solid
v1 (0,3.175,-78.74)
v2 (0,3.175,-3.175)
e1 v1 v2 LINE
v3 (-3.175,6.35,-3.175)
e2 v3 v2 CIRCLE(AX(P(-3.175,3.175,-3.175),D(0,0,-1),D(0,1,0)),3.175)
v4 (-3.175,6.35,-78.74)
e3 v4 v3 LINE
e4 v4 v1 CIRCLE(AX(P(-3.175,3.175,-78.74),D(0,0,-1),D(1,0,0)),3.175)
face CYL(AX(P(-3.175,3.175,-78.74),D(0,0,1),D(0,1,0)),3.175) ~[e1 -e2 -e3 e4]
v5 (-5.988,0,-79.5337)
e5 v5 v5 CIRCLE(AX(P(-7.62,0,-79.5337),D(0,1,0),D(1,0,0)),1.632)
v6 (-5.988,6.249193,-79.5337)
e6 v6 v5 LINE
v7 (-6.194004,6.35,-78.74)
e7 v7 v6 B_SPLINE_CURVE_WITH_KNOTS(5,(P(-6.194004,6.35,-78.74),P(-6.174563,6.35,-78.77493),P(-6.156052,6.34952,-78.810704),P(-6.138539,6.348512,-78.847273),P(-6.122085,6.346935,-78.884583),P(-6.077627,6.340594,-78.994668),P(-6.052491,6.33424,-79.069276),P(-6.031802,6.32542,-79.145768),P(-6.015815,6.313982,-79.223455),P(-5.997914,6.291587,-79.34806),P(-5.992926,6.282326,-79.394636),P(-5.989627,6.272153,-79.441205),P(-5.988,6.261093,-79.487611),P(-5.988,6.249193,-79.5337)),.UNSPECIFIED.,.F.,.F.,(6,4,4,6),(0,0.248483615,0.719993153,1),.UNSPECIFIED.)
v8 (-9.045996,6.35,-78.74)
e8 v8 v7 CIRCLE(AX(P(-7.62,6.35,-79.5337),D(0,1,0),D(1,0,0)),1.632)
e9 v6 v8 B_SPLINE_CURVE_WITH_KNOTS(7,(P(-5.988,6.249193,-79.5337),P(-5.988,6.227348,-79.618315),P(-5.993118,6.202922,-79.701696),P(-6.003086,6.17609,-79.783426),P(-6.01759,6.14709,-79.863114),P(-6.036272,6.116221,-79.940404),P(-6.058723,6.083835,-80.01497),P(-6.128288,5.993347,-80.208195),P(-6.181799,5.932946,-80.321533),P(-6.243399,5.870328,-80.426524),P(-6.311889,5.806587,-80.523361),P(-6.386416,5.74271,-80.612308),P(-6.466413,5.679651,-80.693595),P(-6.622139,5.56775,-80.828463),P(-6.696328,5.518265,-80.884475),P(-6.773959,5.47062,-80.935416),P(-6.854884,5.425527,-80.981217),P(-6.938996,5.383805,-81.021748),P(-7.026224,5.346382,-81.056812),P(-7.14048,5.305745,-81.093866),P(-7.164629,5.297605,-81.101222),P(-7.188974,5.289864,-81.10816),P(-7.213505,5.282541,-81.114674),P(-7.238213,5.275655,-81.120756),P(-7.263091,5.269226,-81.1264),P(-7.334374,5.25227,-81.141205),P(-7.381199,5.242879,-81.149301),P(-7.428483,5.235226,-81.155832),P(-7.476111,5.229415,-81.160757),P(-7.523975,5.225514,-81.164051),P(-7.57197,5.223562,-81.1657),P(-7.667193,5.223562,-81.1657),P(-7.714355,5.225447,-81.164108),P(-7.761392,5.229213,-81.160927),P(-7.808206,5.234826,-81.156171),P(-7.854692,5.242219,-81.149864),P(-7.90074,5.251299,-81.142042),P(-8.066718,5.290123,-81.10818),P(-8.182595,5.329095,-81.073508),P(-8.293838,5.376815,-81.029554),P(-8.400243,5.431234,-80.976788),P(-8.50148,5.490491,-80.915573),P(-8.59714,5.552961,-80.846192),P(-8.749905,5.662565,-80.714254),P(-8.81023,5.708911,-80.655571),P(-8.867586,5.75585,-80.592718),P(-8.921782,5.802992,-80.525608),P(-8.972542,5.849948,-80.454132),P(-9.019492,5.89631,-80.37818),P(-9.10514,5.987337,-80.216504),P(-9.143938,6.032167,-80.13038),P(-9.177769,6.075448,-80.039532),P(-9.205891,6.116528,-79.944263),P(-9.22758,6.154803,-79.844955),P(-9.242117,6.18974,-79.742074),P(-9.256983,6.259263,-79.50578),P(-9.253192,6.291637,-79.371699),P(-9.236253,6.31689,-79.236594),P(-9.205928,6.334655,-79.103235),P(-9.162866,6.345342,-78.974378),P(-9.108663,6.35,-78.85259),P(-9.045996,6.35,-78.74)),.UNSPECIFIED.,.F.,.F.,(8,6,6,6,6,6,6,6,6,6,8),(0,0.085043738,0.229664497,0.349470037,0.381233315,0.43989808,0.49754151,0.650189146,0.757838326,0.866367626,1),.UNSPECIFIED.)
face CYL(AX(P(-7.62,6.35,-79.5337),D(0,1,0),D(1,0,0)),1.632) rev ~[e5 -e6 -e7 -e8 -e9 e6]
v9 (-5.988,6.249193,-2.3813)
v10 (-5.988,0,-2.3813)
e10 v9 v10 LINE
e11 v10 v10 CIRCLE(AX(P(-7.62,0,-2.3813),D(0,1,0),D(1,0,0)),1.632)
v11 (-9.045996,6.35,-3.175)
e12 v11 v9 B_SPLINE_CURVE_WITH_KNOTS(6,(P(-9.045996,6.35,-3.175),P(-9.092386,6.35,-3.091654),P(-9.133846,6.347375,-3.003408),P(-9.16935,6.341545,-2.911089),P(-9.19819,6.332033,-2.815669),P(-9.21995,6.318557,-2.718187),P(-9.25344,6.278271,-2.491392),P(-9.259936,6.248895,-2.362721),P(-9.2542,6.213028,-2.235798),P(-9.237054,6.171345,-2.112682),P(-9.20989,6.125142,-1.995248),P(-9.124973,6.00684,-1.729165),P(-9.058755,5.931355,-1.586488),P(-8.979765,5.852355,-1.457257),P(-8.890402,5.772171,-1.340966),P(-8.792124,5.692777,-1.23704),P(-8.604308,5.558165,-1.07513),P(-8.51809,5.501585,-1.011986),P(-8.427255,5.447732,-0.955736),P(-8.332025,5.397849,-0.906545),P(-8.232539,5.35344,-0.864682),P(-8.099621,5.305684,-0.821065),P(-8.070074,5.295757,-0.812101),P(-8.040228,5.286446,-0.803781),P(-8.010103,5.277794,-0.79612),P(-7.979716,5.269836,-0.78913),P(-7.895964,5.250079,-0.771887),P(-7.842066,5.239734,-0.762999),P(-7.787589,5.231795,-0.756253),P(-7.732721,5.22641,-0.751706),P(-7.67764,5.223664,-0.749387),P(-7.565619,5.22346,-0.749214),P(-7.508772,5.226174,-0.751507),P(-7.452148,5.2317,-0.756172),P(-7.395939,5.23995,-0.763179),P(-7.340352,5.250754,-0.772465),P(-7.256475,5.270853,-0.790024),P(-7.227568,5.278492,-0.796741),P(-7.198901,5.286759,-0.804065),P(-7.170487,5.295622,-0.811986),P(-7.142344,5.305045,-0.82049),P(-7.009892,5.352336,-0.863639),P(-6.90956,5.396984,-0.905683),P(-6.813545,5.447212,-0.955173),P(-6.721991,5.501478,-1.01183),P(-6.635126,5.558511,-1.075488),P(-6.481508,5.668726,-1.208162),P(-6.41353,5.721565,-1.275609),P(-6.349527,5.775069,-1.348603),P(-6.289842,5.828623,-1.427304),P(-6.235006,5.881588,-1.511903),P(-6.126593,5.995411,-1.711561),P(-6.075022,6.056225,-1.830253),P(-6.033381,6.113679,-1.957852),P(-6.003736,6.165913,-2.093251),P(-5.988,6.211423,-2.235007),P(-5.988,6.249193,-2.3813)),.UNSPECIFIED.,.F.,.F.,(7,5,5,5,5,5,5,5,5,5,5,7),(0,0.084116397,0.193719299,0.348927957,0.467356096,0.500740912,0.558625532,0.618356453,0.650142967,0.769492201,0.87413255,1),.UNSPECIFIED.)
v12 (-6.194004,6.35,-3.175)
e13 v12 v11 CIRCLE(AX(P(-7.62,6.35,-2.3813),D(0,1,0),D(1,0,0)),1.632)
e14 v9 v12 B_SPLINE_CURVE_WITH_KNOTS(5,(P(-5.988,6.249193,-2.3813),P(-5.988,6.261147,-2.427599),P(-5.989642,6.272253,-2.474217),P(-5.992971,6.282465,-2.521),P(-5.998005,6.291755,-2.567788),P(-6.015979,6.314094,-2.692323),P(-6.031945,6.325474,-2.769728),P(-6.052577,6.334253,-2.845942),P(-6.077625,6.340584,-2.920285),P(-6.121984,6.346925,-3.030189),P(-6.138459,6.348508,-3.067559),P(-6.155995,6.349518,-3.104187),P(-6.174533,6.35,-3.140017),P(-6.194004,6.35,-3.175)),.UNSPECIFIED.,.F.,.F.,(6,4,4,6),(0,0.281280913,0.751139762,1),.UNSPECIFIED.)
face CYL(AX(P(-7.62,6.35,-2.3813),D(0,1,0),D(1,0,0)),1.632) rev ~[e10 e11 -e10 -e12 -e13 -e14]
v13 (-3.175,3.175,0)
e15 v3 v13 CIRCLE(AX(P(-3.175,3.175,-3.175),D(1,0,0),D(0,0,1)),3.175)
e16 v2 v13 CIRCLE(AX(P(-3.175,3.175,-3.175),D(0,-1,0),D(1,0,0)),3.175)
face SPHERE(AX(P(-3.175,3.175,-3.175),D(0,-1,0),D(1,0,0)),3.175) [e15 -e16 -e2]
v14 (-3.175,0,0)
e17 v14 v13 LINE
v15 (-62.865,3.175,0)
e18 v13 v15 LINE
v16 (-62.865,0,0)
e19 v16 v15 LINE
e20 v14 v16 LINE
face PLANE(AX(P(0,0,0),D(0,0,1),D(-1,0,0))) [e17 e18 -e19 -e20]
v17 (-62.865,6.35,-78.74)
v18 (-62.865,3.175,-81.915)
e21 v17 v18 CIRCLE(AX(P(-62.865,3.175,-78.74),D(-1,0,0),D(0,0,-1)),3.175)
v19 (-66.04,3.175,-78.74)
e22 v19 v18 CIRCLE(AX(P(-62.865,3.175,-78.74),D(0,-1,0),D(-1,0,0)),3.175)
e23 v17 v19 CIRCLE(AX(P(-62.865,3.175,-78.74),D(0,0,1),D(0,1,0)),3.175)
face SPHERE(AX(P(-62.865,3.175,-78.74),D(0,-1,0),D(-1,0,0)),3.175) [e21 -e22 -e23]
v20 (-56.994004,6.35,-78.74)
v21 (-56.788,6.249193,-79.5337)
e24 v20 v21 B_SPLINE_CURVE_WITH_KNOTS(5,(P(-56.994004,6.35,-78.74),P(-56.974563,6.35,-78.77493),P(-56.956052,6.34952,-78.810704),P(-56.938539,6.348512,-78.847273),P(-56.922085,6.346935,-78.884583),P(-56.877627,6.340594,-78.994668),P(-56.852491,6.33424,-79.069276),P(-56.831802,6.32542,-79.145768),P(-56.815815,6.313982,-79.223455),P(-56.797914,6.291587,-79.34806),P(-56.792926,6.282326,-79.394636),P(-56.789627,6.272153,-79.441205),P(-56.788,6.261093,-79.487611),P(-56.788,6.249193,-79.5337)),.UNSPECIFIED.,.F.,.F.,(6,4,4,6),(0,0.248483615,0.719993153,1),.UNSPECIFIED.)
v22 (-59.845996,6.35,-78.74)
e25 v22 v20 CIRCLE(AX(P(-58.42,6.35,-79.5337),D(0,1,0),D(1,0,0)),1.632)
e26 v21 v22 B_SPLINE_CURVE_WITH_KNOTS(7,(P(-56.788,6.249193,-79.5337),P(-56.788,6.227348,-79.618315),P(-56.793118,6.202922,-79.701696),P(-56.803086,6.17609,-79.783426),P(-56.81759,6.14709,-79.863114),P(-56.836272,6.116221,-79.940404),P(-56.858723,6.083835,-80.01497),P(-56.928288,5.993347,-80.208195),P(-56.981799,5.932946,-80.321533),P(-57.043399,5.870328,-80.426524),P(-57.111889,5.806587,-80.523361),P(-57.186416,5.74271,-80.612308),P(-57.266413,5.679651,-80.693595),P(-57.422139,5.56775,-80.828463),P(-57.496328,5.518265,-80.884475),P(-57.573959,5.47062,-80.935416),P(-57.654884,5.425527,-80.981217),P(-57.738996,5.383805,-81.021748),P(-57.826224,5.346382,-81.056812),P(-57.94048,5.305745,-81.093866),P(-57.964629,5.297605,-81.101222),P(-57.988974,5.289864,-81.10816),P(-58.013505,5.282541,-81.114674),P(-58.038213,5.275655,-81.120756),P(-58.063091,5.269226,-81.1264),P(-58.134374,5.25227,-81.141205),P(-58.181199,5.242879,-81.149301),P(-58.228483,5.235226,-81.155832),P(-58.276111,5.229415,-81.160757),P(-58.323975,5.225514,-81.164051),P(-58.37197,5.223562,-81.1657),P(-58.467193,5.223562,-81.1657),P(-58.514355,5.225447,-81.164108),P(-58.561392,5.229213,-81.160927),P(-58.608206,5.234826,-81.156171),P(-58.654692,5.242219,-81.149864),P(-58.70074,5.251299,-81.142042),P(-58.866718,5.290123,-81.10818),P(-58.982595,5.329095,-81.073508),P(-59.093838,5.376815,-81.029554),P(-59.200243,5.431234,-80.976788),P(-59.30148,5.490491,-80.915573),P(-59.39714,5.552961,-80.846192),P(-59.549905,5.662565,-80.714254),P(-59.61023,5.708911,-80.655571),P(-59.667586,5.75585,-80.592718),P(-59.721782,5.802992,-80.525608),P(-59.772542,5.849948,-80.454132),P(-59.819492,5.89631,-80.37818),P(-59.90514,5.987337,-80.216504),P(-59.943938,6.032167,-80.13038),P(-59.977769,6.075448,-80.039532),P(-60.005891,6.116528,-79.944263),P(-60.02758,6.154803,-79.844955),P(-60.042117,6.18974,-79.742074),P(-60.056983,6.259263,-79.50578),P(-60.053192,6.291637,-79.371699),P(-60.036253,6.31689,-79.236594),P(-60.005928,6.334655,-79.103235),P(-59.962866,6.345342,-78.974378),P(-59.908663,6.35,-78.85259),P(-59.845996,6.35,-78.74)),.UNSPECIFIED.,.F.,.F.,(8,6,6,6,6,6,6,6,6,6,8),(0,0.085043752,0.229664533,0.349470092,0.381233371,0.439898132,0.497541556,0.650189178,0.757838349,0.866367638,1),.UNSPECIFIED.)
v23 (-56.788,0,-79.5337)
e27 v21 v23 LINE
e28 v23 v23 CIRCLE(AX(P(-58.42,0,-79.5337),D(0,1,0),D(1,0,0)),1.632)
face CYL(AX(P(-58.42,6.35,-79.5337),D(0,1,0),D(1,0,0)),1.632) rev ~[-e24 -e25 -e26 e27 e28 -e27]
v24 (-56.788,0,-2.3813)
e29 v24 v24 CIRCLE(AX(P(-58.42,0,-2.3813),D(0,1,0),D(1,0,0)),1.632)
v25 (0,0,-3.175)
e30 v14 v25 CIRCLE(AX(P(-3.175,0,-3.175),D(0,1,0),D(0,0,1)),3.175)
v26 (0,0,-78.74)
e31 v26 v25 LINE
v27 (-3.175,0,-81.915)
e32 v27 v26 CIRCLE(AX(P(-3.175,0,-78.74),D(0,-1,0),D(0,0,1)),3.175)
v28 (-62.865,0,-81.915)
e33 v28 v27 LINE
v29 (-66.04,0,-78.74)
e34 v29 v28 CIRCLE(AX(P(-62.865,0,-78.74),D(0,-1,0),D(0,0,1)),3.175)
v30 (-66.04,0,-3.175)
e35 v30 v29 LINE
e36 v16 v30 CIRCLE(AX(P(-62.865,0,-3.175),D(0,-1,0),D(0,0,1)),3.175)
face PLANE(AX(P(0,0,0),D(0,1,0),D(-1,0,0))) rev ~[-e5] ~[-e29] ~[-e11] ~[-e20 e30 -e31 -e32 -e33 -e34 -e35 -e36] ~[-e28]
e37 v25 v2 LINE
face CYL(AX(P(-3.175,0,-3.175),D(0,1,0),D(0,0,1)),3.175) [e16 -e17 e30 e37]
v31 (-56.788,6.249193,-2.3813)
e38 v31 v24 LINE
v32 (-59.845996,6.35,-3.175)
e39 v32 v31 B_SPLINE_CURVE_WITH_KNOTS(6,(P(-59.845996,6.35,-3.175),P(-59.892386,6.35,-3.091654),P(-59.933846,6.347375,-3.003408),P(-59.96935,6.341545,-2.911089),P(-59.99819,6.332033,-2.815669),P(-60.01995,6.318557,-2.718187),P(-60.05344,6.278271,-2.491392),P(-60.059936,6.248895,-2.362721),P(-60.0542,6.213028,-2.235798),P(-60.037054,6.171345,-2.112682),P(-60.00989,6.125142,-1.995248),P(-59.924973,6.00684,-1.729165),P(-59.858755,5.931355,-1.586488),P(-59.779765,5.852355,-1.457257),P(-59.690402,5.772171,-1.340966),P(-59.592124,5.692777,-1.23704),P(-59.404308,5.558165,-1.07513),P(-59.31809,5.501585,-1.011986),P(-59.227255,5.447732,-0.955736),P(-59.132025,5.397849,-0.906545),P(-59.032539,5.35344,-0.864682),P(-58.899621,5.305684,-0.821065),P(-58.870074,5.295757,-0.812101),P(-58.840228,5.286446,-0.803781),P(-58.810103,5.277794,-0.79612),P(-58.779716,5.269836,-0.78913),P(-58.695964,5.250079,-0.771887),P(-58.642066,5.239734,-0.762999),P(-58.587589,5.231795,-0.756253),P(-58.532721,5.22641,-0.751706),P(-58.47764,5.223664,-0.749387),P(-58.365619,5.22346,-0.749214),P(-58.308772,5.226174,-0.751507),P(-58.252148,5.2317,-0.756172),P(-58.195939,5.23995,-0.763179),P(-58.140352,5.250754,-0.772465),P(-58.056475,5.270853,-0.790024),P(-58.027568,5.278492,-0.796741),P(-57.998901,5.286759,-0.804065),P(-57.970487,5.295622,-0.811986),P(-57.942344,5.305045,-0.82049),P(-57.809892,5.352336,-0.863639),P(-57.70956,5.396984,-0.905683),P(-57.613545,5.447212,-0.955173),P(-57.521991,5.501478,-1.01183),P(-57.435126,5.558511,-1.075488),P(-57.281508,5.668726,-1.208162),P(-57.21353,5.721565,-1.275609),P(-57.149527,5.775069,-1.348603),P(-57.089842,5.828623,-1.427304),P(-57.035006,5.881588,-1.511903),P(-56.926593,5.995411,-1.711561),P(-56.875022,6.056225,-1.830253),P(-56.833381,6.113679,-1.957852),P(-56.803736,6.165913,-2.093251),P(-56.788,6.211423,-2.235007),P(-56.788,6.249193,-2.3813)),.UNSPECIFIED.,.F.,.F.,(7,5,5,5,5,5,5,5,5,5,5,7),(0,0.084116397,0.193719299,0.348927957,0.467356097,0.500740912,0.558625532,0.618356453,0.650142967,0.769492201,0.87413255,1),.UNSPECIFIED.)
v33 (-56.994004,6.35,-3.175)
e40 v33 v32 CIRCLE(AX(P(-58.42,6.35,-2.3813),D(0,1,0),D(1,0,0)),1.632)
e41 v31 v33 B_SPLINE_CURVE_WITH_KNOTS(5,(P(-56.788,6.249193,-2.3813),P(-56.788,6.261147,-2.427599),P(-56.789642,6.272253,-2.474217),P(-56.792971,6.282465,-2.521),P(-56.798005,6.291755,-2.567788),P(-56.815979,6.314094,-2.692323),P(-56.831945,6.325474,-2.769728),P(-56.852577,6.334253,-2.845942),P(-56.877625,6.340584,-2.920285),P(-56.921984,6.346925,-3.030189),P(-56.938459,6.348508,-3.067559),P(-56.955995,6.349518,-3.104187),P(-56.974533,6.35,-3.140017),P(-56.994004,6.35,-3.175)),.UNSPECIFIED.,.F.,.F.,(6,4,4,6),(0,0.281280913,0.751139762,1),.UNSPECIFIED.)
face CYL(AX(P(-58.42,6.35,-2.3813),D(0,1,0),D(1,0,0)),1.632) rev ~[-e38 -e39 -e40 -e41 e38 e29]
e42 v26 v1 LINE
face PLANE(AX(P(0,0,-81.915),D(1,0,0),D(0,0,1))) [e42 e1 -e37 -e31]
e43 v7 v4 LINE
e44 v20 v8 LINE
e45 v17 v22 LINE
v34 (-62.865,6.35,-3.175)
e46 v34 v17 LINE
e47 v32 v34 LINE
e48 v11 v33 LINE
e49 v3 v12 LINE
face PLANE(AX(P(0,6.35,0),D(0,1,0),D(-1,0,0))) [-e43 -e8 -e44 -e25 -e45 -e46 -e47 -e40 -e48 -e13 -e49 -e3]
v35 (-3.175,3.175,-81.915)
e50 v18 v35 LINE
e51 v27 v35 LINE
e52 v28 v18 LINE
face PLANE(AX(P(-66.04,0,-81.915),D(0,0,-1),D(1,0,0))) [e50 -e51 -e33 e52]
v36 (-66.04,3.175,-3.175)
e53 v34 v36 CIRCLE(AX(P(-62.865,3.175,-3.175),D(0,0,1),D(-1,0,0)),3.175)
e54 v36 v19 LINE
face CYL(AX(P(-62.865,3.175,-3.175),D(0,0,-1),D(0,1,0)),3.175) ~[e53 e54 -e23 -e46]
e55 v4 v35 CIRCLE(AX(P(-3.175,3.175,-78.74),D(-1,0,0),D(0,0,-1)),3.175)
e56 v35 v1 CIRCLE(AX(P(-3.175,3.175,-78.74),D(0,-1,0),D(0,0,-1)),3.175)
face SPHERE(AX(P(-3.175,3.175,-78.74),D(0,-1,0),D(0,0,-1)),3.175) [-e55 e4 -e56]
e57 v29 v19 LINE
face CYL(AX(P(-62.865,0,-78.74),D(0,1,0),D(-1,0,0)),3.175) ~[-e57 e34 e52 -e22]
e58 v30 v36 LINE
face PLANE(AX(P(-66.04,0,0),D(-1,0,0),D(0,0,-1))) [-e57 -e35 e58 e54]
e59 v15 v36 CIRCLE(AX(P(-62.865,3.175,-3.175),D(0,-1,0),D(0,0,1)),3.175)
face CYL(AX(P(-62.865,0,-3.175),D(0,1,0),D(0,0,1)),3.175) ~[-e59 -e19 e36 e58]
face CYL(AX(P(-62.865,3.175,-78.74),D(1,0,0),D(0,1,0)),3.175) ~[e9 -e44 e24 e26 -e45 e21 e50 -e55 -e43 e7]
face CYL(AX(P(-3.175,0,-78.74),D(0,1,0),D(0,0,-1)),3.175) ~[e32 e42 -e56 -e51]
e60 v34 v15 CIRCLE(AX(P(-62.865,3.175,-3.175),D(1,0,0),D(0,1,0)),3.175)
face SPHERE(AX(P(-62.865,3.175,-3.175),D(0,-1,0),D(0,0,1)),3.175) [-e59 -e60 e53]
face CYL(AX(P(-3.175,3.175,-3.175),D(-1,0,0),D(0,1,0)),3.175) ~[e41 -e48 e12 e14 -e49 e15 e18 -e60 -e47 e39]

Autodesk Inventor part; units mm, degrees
ref_plane "YZ Plane" through (0, 0, 0) normal (1, 0, 0) x (0, 1, 0)
ref_plane "XZ Plane" through (0, 0, 0) normal (0, 1, 0) x (-1, 0, 0)
ref_plane "XY Plane" through (0, 0, 0) normal (0, 0, 1) x (1, 0, 0)
sketch "Sketch1" plane through (0, 0, 0) normal (0, 1, 0) x (-1, 0, 0)
  line L0 (0, 0) -> (66.04, 0)
  line L1 (66.04, 0) -> (66.04, -81.915)
  line L2 (66.04, -81.915) -> (0, -81.915)
  line L3 (0, -81.915) -> (0, 0)
  dimension "d0" = 66.04
  dimension "d1" = 81.915
extrude "Extrusion1" add sketch "Sketch1" along normal blind 6.35
fillet "Fillet1" radius 3.175 4 edges at (0, 3.175, 0) (-66.04, 3.175, 0) (0, 3.175, -81.915) (-66.04, 3.175, -81.915)
fillet "Fillet2" radius 3.175 8 edges at (-0.9299, 6.35, -80.9851) (-33.02, 6.35, -81.915) (-65.1101, 6.35, -80.9851) (-66.04, 6.35, -40.9575) (-65.1101, 6.35, -0.9299) (-33.02, 6.35, 0) (-0.9299, 6.35, -0.9299) (0, 6.35, -40.9575)
sketch "Sketch2" plane through (0, 6.35, 0) normal (0, 1, 0) x (1, 0, 0)
  line L0 (0, 0) -> (0, 23.0418) construction
  line L1 (0, 78.74) -> (0, 3.175) projected
  line L2 (0, 0) -> (-15.3745, 0) construction
  line L3 (-3.175, 0) -> (-62.865, 0) projected
  line L4 (0, 2.3813) -> (-36.1213, 2.3813) construction
  line L5 (-33.02, 0) -> (-33.02, 49.3607) construction
  circle A0 centre (-7.62, 2.3813) radius 1.632
  line L6 (-3.175, 78.74) -> (-3.175, 3.175) projected
  line L7 (-3.175, 40.9575) -> (-28.1102, 40.9575) construction
  circle A1 centre (-58.42, 2.3813) radius 1.632
  circle A2 centre (-7.62, 79.5337) radius 1.632
  circle A3 centre (-58.42, 79.5337) radius 1.632
  dimension "d6" = 2.3813
  dimension "d7" = 3.2639
  dimension "d8" = 25.4
extrude "Extrusion2" cut sketch "Sketch2" against normal blind 6.35
properties part number "top"
